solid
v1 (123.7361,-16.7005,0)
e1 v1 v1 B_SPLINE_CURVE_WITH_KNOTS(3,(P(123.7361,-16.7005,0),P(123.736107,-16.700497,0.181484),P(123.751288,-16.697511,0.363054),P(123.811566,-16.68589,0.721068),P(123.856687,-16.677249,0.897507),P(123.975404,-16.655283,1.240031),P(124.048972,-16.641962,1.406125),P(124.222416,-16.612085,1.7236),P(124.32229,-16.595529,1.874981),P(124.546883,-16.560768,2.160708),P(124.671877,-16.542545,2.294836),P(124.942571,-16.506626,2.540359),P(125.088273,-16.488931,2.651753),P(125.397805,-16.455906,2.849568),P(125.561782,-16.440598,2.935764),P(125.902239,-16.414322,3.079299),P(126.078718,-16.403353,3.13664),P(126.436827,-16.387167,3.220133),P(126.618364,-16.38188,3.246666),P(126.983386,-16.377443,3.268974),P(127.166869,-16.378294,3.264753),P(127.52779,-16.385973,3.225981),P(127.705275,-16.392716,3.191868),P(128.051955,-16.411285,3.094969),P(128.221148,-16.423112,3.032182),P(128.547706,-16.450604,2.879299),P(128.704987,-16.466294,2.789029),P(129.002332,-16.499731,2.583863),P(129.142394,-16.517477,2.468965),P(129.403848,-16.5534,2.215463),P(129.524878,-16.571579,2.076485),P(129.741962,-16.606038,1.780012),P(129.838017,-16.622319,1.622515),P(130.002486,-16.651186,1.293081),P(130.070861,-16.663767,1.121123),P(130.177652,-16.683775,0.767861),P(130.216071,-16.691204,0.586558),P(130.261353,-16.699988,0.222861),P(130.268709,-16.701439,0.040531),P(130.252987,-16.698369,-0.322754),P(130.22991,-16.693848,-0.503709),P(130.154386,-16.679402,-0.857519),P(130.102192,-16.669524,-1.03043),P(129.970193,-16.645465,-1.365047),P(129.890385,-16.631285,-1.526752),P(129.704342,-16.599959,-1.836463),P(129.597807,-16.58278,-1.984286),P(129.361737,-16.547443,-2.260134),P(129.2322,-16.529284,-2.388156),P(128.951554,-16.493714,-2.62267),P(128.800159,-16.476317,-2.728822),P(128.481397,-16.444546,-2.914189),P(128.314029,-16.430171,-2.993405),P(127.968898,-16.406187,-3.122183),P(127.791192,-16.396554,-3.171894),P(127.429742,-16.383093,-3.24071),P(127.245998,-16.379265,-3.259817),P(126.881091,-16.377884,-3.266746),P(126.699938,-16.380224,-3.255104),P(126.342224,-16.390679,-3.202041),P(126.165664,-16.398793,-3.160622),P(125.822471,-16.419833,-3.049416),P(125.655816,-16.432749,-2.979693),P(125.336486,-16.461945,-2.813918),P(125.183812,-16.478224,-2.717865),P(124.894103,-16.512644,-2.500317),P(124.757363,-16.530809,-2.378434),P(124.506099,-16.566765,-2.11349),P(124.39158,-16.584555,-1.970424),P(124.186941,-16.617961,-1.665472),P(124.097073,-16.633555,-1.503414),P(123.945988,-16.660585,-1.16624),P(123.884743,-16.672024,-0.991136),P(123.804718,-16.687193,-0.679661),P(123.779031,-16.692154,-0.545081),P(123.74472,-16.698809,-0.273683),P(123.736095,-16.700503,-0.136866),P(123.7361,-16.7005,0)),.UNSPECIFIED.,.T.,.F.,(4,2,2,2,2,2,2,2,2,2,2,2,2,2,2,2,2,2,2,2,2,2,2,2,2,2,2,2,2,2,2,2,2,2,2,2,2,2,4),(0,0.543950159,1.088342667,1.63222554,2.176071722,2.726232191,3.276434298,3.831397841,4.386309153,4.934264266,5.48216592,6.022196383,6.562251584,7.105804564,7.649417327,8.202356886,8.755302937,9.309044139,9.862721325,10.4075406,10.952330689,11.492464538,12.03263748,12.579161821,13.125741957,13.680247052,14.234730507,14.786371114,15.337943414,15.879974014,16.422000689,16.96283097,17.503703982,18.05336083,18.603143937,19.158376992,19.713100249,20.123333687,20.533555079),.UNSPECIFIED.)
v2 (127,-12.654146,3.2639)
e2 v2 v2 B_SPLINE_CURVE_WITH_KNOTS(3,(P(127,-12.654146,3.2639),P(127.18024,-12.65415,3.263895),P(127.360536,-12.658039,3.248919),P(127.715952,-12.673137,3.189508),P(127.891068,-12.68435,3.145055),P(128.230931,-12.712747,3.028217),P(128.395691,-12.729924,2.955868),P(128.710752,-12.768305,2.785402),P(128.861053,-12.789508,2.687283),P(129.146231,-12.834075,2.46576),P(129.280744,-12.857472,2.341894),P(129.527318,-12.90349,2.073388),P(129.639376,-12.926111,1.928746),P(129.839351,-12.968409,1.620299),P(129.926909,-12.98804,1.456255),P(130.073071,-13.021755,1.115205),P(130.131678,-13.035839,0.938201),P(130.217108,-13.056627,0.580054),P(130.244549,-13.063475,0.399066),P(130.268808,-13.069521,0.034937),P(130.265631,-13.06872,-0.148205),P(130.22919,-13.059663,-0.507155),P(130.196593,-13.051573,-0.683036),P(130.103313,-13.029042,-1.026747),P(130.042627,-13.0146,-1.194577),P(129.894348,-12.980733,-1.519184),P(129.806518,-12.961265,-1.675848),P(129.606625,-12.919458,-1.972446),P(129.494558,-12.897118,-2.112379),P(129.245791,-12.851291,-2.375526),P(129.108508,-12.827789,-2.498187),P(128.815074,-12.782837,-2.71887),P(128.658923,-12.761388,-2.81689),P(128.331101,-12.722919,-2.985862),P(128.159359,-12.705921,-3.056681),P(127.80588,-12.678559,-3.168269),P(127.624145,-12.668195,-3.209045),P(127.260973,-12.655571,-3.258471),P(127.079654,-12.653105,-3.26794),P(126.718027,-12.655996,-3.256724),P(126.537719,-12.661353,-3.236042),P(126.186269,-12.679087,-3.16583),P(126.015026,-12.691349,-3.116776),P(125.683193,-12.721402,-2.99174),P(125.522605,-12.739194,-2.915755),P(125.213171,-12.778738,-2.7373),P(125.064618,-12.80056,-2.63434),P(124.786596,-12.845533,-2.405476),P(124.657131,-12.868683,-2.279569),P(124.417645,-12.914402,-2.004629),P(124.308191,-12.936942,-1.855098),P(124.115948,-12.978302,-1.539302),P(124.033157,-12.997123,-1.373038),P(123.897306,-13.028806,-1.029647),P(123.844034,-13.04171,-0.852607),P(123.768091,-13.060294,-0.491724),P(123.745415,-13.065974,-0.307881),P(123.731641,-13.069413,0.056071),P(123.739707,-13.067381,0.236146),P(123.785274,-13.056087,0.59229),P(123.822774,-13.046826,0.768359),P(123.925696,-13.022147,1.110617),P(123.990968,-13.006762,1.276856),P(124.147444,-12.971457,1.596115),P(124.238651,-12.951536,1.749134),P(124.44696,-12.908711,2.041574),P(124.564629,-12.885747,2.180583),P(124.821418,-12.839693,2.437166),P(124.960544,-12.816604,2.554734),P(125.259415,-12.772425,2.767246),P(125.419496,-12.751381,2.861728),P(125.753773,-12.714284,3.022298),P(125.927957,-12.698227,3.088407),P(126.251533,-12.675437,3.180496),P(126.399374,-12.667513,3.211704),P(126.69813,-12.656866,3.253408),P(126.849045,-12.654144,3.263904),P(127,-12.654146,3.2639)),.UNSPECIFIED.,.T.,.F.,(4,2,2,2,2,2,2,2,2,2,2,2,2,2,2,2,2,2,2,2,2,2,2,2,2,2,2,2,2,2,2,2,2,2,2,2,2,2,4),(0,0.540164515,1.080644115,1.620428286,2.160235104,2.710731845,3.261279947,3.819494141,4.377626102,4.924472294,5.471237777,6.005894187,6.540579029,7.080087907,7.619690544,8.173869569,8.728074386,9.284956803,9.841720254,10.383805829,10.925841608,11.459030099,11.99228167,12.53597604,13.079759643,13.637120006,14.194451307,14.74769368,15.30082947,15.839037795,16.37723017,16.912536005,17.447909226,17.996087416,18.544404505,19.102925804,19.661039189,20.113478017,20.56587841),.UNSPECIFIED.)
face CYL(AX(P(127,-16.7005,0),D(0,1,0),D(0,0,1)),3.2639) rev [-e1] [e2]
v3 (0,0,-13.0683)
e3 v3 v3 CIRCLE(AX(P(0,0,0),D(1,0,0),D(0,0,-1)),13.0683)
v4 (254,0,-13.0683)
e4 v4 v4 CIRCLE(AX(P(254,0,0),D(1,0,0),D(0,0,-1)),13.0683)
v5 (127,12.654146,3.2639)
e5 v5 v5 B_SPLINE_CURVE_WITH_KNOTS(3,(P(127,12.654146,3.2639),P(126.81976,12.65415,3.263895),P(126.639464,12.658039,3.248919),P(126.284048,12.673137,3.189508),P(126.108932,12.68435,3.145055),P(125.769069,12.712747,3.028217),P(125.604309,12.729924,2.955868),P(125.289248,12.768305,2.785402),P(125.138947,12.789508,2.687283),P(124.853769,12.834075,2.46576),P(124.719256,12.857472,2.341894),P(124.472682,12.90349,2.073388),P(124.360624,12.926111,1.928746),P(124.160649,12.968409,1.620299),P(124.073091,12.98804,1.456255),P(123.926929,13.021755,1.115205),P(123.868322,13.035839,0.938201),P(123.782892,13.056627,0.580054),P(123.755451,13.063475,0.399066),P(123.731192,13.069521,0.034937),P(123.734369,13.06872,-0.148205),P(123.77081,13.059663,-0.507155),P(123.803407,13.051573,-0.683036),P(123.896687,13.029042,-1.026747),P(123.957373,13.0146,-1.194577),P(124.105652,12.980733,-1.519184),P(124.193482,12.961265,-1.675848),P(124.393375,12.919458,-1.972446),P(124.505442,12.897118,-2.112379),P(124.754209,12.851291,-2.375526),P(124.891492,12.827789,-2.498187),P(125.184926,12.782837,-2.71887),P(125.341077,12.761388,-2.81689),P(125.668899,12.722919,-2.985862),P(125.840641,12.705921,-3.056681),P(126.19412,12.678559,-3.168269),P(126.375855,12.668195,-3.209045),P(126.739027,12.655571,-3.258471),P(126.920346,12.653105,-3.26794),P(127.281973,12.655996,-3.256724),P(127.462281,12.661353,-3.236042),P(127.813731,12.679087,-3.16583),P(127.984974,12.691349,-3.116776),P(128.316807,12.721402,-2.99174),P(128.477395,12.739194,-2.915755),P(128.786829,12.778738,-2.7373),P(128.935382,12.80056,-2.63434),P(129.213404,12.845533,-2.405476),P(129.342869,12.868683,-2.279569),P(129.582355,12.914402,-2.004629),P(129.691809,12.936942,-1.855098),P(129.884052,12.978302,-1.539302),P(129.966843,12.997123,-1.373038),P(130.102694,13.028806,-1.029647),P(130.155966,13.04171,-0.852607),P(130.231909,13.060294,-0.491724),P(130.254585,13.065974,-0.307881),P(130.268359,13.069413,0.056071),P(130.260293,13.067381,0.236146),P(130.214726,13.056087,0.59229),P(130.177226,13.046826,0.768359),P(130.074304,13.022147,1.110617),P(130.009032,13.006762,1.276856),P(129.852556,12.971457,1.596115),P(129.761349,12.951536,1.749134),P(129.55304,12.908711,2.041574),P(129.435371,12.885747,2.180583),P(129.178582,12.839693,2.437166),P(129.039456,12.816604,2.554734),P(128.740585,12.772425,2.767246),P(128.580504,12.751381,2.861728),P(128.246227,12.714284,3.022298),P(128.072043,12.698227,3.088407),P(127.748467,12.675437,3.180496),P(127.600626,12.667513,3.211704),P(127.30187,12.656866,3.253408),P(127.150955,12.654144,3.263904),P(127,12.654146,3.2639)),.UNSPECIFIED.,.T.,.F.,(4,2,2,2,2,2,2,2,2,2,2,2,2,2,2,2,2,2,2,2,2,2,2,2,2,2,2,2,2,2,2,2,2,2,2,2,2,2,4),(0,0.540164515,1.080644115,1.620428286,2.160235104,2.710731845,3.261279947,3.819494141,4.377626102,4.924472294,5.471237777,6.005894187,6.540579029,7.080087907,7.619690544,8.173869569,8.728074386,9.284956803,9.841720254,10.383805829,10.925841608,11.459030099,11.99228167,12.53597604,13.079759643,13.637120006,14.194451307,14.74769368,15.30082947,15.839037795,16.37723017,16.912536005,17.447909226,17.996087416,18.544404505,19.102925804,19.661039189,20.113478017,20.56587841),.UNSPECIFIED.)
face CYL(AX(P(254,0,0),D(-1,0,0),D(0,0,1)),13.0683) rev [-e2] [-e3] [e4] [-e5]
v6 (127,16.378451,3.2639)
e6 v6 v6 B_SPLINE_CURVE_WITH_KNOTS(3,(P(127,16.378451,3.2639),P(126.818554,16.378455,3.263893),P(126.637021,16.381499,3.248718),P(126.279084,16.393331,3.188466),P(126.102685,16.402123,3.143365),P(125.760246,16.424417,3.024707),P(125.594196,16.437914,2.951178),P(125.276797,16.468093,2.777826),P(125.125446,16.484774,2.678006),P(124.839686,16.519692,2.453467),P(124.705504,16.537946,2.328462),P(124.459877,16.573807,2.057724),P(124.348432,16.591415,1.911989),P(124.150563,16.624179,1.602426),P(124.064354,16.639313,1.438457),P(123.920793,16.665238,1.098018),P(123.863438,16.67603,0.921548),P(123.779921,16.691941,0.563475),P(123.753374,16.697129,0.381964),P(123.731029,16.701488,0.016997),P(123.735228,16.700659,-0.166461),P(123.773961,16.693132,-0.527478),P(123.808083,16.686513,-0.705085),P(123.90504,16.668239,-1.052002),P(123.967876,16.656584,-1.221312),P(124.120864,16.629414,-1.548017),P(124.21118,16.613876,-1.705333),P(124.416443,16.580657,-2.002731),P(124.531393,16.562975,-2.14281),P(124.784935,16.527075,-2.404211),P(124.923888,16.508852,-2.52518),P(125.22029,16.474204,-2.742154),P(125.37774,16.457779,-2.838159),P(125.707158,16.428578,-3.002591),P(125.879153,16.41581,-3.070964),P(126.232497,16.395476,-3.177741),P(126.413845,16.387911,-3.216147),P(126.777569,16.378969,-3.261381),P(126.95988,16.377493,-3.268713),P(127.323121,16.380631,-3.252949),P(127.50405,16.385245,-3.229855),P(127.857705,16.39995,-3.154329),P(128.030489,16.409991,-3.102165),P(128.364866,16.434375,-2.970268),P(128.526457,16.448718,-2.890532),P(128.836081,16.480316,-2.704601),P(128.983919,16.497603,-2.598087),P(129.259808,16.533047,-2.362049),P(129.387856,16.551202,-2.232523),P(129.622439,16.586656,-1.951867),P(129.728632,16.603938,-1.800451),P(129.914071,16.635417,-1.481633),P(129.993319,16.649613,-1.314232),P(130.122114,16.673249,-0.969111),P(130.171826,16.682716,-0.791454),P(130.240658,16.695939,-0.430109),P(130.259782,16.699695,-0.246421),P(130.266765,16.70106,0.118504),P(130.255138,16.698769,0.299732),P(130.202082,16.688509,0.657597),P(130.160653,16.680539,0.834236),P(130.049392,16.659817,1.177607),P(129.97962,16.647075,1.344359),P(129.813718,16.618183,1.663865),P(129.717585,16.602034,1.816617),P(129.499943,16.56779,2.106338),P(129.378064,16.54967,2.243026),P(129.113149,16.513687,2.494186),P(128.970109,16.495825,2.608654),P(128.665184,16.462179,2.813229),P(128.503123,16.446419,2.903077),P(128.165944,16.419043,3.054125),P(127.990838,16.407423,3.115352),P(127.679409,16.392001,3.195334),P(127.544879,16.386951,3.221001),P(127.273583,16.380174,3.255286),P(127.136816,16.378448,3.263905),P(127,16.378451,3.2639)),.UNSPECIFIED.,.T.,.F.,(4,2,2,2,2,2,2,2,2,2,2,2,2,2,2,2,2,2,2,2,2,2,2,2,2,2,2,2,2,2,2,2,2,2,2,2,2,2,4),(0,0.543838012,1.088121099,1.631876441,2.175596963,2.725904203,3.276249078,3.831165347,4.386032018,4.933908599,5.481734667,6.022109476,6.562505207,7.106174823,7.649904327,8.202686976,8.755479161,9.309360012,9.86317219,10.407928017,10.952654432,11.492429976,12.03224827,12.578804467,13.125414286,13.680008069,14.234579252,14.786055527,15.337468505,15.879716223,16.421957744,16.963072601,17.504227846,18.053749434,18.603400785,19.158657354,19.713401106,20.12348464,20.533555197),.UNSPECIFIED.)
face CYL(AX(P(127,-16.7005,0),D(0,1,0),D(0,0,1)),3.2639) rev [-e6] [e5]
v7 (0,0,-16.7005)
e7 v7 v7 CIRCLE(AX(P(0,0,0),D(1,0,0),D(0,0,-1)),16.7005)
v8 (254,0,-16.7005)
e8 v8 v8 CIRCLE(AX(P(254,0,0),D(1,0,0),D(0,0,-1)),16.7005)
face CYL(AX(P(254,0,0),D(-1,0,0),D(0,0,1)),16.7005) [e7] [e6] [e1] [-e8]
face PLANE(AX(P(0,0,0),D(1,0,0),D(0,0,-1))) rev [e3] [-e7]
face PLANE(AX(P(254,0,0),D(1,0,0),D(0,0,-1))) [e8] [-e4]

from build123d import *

# Parameters (mm, degrees)
SKETCH1_R               = 16.7005
SKETCH1_R_2             = 13.0683
BOSS_EXTRUDE1_DEPTH     = 254
CUT_EXTRUDE2_DEPTH      = 256.095694594
CUT_EXTRUDE2_DEPTH_BACK = 256.095694594
SKETCH3_R               = 3.2639


with BuildPart() as part:
    # Sketch1 → Boss-Extrude1 (new body)
    with BuildSketch(Plane(origin=(0, 0, 0), x_dir=(0, 0, -1), z_dir=(1, 0, 0))):
        Circle(SKETCH1_R)
        Circle(SKETCH1_R_2, mode=Mode.SUBTRACT)
    extrude(amount=BOSS_EXTRUDE1_DEPTH)

    # Sketch3 → Cut-Extrude2 (cut, two sides: drawn at the far end of the back side and taken through both)
    with BuildSketch(Plane(origin=(0, 0, 0), x_dir=(1, 0, 0), z_dir=(0, 1, 0)).offset(-CUT_EXTRUDE2_DEPTH_BACK)):
        with Locations(Location((127, 0, 0), (0, 0, 270))):
            Circle(SKETCH3_R)
    extrude(amount=CUT_EXTRUDE2_DEPTH + CUT_EXTRUDE2_DEPTH_BACK, mode=Mode.SUBTRACT)


solid = part.part
